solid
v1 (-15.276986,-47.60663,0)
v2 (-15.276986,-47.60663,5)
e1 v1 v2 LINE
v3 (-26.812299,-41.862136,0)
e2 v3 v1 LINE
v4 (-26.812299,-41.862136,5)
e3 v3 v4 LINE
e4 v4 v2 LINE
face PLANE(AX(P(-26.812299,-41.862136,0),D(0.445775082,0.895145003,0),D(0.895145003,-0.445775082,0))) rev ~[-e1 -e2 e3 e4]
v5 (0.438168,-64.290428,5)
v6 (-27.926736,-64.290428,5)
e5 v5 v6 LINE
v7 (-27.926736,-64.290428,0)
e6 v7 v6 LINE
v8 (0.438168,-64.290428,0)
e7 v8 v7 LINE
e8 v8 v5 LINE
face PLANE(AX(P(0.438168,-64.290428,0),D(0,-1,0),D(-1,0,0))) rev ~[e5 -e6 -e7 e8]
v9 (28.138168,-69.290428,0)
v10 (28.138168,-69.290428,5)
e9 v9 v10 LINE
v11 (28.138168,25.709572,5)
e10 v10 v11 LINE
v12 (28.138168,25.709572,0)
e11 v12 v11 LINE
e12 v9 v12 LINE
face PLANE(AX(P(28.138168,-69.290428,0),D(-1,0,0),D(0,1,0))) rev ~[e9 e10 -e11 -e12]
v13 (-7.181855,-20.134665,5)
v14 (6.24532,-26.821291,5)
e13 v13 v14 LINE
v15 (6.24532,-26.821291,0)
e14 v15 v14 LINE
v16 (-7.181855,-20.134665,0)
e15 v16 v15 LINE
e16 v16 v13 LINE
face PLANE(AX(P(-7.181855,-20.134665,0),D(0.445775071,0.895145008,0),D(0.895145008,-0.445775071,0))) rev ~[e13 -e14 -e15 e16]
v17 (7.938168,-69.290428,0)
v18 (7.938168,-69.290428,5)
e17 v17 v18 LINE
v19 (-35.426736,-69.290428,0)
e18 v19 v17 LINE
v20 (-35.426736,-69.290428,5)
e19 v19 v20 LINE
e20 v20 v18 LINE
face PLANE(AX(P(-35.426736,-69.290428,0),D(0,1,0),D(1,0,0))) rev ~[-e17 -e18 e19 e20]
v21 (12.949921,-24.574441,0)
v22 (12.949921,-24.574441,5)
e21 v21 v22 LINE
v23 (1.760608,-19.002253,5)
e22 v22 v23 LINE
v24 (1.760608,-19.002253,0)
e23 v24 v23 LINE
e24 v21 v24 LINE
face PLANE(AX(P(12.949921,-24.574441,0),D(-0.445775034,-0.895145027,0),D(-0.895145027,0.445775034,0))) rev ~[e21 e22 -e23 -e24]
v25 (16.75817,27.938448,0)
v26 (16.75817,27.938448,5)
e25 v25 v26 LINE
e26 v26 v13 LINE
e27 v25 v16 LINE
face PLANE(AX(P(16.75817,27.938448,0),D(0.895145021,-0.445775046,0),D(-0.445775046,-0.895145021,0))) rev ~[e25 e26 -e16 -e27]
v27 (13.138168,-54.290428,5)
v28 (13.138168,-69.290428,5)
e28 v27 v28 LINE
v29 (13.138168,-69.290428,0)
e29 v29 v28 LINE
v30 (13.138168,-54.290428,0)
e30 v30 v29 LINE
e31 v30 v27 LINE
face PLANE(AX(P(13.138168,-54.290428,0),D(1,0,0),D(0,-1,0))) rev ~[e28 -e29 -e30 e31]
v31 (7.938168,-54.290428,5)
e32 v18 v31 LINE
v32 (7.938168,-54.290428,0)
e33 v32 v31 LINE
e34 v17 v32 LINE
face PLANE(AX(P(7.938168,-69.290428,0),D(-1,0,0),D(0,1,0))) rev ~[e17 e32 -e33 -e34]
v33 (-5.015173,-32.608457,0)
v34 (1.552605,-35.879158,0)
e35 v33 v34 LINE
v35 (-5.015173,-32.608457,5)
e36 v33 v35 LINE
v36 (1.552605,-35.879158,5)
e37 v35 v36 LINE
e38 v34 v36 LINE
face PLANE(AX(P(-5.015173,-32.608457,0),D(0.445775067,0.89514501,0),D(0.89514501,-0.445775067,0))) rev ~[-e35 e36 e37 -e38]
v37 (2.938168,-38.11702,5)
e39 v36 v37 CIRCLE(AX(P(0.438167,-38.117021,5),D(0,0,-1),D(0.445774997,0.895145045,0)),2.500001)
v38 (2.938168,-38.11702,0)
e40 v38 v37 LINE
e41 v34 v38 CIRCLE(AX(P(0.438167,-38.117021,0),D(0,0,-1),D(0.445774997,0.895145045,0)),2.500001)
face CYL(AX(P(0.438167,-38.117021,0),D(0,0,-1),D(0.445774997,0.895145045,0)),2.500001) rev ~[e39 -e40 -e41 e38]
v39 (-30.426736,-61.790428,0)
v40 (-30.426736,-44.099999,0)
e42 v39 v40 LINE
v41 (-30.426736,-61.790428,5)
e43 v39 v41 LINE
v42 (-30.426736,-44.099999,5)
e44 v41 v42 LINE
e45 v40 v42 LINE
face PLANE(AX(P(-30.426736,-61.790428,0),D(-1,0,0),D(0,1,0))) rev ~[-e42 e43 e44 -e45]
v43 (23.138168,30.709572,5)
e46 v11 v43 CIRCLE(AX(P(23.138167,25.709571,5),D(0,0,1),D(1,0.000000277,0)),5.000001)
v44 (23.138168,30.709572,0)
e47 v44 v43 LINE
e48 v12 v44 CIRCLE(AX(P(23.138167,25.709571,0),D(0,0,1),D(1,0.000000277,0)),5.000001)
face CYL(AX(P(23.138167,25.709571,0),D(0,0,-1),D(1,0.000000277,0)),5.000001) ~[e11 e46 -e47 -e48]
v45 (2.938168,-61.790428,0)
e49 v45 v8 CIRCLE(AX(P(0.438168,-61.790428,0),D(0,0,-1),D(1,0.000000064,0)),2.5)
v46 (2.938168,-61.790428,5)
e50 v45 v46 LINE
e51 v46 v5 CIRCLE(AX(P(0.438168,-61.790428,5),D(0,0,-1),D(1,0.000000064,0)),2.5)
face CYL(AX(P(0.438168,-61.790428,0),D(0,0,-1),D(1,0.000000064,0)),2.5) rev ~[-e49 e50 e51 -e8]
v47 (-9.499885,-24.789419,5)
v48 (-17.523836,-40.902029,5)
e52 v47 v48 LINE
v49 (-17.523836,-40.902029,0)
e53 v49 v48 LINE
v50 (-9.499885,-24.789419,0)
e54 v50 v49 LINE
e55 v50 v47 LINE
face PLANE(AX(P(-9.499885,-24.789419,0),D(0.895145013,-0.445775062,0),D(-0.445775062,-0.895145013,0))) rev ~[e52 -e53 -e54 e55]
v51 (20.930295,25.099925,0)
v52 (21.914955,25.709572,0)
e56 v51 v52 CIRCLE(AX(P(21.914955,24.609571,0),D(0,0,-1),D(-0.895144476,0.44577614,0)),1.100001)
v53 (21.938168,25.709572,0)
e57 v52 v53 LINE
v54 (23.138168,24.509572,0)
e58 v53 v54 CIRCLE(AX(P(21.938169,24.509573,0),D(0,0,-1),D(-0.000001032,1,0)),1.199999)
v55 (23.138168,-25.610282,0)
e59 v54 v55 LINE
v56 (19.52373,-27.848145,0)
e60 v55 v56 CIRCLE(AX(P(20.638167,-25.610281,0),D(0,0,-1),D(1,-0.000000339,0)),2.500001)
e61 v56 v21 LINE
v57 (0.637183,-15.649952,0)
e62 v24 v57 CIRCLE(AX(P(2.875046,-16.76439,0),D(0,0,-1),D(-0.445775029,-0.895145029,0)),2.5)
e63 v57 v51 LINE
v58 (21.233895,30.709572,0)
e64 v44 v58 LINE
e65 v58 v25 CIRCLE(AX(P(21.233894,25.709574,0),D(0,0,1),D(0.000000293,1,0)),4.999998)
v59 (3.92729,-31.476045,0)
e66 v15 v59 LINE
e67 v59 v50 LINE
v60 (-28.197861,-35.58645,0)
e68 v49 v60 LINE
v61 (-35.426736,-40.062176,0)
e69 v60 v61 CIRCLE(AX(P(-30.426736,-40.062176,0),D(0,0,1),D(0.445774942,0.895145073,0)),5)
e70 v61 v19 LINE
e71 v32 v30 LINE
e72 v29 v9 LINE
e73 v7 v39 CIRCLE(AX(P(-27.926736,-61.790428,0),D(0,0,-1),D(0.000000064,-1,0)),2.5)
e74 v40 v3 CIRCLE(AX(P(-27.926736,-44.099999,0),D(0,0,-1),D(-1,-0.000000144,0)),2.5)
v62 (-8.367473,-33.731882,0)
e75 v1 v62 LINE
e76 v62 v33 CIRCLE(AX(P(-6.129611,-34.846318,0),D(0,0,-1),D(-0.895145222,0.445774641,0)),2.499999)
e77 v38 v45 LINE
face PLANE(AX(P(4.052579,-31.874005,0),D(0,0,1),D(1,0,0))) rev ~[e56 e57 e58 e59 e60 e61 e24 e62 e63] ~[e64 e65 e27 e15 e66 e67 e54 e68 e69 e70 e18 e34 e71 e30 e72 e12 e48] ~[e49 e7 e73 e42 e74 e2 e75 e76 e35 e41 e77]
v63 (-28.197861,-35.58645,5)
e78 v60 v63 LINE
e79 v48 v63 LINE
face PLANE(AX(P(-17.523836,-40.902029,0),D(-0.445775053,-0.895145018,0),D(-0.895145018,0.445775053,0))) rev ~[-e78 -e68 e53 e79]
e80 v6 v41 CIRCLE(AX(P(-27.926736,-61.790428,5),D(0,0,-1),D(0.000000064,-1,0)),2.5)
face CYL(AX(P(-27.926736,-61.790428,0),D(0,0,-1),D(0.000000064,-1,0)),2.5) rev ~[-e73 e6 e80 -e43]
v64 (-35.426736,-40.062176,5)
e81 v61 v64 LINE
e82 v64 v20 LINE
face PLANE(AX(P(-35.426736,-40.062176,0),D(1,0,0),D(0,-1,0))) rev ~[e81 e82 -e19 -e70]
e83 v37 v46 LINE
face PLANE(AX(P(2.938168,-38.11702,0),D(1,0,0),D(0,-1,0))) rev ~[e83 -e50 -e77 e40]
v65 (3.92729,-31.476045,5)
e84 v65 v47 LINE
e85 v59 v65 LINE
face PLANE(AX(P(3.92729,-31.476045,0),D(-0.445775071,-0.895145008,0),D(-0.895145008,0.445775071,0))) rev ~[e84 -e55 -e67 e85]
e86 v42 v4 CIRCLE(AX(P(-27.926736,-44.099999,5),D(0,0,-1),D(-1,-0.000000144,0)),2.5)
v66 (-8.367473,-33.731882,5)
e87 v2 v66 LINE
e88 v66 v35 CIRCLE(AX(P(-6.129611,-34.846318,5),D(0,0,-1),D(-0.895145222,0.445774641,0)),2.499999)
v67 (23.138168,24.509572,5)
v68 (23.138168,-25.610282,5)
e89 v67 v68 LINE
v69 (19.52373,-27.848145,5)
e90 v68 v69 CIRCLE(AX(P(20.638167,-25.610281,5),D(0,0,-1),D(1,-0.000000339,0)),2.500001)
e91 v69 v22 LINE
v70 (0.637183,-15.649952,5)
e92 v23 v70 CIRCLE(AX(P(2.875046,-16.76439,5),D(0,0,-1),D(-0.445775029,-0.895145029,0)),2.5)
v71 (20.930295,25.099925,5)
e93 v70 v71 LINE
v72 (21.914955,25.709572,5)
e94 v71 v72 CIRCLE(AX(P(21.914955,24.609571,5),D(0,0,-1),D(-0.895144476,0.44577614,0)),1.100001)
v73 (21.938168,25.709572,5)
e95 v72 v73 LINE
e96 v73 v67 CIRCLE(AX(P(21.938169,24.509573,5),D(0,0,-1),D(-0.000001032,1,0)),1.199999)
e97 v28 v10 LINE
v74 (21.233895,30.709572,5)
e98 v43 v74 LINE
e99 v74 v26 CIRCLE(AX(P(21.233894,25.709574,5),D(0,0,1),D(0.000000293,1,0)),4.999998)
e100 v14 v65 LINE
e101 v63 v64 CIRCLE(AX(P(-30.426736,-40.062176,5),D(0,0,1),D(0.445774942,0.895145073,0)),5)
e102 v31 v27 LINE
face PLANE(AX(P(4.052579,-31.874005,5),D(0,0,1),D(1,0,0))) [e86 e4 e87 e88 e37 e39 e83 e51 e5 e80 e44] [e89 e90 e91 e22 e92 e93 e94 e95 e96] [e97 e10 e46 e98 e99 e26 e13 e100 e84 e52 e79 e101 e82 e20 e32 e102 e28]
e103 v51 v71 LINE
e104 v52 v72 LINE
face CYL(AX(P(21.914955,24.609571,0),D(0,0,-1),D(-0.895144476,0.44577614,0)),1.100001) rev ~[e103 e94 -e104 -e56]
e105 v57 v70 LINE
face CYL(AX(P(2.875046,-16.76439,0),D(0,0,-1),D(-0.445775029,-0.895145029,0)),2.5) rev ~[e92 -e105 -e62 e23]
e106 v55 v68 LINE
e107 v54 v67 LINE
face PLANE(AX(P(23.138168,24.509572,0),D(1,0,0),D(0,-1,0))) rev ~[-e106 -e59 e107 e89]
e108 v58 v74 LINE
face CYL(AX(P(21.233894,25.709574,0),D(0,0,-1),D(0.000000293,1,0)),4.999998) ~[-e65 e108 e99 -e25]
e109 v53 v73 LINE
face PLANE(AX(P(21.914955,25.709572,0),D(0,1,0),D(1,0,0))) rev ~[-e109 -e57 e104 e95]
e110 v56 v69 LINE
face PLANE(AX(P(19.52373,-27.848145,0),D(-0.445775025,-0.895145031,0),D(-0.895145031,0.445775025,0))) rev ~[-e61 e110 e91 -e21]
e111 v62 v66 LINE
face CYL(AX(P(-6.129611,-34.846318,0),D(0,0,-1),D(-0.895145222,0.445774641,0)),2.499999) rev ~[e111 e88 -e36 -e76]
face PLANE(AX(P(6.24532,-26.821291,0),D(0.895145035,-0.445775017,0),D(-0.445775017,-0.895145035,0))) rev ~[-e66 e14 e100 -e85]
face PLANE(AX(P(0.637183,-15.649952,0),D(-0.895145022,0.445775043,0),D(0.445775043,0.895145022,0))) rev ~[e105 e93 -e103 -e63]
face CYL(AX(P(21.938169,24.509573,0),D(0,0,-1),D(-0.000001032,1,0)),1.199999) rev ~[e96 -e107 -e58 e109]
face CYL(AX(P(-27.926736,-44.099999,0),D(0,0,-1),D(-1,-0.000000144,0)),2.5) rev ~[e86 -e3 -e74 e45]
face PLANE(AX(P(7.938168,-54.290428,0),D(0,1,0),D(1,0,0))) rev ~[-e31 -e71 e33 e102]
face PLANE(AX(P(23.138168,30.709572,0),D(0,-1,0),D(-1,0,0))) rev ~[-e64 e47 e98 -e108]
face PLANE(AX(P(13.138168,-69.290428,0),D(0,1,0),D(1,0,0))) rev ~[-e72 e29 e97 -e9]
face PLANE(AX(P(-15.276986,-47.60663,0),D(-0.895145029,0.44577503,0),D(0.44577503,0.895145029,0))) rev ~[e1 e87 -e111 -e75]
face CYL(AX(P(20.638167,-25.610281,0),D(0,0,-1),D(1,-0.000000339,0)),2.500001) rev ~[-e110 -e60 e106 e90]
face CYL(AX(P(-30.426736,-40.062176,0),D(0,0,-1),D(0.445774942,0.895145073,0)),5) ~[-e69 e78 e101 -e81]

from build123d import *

# Parameters (mm, degrees)
F1_DEPTH = 5


with BuildPart() as f1:
    # F0 (on Top) → F1 (new body)
    with BuildSketch(Plane.XY):
        with BuildLine():
            Line((28.138168, -69.290428), (28.138168, 25.709572))
            ThreePointArc((28.138168, 25.709572), (26.673701, 29.245106), (23.138168, 30.709572))
            Line((23.138168, 30.709572), (21.233895, 30.709572))
            ThreePointArc((21.233895, 30.709572), (18.601821, 29.960712), (16.75817, 27.938448))
            Line((16.75817, 27.938448), (-7.181855, -20.134665))
            Line((-7.181855, -20.134665), (6.24532, -26.821291))
            Line((6.24532, -26.821291), (3.92729, -31.476045))
            Line((3.92729, -31.476045), (-9.499885, -24.789419))
            Line((-9.499885, -24.789419), (-17.523836, -40.902029))
            Line((-17.523836, -40.902029), (-28.197861, -35.58645))
            ThreePointArc((-28.197861, -35.58645), (-33.05881, -35.811036), (-35.426736, -40.062176))
            Line((-35.426736, -40.062176), (-35.426736, -69.290428))
            Line((-35.426736, -69.290428), (7.938168, -69.290428))
            Line((7.938168, -69.290428), (7.938168, -54.290428))
            Line((7.938168, -54.290428), (13.138168, -54.290428))
            Line((13.138168, -54.290428), (13.138168, -69.290428))
            Line((13.138168, -69.290428), (28.138168, -69.290428))
        make_face()
        with BuildLine():
            Line((2.938168, -49.290428), (2.938168, -61.790428))
            ThreePointArc((2.938168, -61.790428), (2.205935, -63.558195), (0.438168, -64.290428))
            Line((0.438168, -64.290428), (-27.926736, -64.290428))
            ThreePointArc((-27.926736, -64.290428), (-29.694503, -63.558195), (-30.426736, -61.790428))
            Line((-30.426736, -61.790428), (-30.426736, -44.099999))
            ThreePointArc((-30.426736, -44.099999), (-29.242773, -41.974429), (-26.812299, -41.862136))
            Line((-26.812299, -41.862136), (-15.276986, -47.60663))
            Line((-15.276986, -47.60663), (-8.367473, -33.731882))
            ThreePointArc((-8.367473, -33.731882), (-6.923992, -32.475885), (-5.015173, -32.608457))
            Line((-5.015173, -32.608457), (1.552605, -35.879158))
            ThreePointArc((1.552605, -35.879158), (2.563737, -36.800983), (2.938168, -38.11702))
            Line((2.938168, -38.11702), (2.938168, -49.290428))
        make_face(mode=Mode.SUBTRACT)
        with BuildLine():
            Line((21.914955, 25.709572), (21.938168, 25.709572))
            ThreePointArc((21.938168, 25.709572), (22.786696, 25.358101), (23.138168, 24.509572))
            Line((23.138168, 24.509572), (23.138168, -25.610282))
            ThreePointArc((23.138168, -25.610282), (21.954204, -27.735852), (19.52373, -27.848145))
            Line((19.52373, -27.848145), (12.949921, -24.574441))
            Line((12.949921, -24.574441), (1.760608, -19.002253))
            ThreePointArc((1.760608, -19.002253), (0.504611, -17.558771), (0.637183, -15.649952))
            Line((0.637183, -15.649952), (20.930295, 25.099925))
            ThreePointArc((20.930295, 25.099925), (21.335899, 25.544823), (21.914955, 25.709572))
        make_face(mode=Mode.SUBTRACT)
    extrude(amount=F1_DEPTH)


solid = f1.part
